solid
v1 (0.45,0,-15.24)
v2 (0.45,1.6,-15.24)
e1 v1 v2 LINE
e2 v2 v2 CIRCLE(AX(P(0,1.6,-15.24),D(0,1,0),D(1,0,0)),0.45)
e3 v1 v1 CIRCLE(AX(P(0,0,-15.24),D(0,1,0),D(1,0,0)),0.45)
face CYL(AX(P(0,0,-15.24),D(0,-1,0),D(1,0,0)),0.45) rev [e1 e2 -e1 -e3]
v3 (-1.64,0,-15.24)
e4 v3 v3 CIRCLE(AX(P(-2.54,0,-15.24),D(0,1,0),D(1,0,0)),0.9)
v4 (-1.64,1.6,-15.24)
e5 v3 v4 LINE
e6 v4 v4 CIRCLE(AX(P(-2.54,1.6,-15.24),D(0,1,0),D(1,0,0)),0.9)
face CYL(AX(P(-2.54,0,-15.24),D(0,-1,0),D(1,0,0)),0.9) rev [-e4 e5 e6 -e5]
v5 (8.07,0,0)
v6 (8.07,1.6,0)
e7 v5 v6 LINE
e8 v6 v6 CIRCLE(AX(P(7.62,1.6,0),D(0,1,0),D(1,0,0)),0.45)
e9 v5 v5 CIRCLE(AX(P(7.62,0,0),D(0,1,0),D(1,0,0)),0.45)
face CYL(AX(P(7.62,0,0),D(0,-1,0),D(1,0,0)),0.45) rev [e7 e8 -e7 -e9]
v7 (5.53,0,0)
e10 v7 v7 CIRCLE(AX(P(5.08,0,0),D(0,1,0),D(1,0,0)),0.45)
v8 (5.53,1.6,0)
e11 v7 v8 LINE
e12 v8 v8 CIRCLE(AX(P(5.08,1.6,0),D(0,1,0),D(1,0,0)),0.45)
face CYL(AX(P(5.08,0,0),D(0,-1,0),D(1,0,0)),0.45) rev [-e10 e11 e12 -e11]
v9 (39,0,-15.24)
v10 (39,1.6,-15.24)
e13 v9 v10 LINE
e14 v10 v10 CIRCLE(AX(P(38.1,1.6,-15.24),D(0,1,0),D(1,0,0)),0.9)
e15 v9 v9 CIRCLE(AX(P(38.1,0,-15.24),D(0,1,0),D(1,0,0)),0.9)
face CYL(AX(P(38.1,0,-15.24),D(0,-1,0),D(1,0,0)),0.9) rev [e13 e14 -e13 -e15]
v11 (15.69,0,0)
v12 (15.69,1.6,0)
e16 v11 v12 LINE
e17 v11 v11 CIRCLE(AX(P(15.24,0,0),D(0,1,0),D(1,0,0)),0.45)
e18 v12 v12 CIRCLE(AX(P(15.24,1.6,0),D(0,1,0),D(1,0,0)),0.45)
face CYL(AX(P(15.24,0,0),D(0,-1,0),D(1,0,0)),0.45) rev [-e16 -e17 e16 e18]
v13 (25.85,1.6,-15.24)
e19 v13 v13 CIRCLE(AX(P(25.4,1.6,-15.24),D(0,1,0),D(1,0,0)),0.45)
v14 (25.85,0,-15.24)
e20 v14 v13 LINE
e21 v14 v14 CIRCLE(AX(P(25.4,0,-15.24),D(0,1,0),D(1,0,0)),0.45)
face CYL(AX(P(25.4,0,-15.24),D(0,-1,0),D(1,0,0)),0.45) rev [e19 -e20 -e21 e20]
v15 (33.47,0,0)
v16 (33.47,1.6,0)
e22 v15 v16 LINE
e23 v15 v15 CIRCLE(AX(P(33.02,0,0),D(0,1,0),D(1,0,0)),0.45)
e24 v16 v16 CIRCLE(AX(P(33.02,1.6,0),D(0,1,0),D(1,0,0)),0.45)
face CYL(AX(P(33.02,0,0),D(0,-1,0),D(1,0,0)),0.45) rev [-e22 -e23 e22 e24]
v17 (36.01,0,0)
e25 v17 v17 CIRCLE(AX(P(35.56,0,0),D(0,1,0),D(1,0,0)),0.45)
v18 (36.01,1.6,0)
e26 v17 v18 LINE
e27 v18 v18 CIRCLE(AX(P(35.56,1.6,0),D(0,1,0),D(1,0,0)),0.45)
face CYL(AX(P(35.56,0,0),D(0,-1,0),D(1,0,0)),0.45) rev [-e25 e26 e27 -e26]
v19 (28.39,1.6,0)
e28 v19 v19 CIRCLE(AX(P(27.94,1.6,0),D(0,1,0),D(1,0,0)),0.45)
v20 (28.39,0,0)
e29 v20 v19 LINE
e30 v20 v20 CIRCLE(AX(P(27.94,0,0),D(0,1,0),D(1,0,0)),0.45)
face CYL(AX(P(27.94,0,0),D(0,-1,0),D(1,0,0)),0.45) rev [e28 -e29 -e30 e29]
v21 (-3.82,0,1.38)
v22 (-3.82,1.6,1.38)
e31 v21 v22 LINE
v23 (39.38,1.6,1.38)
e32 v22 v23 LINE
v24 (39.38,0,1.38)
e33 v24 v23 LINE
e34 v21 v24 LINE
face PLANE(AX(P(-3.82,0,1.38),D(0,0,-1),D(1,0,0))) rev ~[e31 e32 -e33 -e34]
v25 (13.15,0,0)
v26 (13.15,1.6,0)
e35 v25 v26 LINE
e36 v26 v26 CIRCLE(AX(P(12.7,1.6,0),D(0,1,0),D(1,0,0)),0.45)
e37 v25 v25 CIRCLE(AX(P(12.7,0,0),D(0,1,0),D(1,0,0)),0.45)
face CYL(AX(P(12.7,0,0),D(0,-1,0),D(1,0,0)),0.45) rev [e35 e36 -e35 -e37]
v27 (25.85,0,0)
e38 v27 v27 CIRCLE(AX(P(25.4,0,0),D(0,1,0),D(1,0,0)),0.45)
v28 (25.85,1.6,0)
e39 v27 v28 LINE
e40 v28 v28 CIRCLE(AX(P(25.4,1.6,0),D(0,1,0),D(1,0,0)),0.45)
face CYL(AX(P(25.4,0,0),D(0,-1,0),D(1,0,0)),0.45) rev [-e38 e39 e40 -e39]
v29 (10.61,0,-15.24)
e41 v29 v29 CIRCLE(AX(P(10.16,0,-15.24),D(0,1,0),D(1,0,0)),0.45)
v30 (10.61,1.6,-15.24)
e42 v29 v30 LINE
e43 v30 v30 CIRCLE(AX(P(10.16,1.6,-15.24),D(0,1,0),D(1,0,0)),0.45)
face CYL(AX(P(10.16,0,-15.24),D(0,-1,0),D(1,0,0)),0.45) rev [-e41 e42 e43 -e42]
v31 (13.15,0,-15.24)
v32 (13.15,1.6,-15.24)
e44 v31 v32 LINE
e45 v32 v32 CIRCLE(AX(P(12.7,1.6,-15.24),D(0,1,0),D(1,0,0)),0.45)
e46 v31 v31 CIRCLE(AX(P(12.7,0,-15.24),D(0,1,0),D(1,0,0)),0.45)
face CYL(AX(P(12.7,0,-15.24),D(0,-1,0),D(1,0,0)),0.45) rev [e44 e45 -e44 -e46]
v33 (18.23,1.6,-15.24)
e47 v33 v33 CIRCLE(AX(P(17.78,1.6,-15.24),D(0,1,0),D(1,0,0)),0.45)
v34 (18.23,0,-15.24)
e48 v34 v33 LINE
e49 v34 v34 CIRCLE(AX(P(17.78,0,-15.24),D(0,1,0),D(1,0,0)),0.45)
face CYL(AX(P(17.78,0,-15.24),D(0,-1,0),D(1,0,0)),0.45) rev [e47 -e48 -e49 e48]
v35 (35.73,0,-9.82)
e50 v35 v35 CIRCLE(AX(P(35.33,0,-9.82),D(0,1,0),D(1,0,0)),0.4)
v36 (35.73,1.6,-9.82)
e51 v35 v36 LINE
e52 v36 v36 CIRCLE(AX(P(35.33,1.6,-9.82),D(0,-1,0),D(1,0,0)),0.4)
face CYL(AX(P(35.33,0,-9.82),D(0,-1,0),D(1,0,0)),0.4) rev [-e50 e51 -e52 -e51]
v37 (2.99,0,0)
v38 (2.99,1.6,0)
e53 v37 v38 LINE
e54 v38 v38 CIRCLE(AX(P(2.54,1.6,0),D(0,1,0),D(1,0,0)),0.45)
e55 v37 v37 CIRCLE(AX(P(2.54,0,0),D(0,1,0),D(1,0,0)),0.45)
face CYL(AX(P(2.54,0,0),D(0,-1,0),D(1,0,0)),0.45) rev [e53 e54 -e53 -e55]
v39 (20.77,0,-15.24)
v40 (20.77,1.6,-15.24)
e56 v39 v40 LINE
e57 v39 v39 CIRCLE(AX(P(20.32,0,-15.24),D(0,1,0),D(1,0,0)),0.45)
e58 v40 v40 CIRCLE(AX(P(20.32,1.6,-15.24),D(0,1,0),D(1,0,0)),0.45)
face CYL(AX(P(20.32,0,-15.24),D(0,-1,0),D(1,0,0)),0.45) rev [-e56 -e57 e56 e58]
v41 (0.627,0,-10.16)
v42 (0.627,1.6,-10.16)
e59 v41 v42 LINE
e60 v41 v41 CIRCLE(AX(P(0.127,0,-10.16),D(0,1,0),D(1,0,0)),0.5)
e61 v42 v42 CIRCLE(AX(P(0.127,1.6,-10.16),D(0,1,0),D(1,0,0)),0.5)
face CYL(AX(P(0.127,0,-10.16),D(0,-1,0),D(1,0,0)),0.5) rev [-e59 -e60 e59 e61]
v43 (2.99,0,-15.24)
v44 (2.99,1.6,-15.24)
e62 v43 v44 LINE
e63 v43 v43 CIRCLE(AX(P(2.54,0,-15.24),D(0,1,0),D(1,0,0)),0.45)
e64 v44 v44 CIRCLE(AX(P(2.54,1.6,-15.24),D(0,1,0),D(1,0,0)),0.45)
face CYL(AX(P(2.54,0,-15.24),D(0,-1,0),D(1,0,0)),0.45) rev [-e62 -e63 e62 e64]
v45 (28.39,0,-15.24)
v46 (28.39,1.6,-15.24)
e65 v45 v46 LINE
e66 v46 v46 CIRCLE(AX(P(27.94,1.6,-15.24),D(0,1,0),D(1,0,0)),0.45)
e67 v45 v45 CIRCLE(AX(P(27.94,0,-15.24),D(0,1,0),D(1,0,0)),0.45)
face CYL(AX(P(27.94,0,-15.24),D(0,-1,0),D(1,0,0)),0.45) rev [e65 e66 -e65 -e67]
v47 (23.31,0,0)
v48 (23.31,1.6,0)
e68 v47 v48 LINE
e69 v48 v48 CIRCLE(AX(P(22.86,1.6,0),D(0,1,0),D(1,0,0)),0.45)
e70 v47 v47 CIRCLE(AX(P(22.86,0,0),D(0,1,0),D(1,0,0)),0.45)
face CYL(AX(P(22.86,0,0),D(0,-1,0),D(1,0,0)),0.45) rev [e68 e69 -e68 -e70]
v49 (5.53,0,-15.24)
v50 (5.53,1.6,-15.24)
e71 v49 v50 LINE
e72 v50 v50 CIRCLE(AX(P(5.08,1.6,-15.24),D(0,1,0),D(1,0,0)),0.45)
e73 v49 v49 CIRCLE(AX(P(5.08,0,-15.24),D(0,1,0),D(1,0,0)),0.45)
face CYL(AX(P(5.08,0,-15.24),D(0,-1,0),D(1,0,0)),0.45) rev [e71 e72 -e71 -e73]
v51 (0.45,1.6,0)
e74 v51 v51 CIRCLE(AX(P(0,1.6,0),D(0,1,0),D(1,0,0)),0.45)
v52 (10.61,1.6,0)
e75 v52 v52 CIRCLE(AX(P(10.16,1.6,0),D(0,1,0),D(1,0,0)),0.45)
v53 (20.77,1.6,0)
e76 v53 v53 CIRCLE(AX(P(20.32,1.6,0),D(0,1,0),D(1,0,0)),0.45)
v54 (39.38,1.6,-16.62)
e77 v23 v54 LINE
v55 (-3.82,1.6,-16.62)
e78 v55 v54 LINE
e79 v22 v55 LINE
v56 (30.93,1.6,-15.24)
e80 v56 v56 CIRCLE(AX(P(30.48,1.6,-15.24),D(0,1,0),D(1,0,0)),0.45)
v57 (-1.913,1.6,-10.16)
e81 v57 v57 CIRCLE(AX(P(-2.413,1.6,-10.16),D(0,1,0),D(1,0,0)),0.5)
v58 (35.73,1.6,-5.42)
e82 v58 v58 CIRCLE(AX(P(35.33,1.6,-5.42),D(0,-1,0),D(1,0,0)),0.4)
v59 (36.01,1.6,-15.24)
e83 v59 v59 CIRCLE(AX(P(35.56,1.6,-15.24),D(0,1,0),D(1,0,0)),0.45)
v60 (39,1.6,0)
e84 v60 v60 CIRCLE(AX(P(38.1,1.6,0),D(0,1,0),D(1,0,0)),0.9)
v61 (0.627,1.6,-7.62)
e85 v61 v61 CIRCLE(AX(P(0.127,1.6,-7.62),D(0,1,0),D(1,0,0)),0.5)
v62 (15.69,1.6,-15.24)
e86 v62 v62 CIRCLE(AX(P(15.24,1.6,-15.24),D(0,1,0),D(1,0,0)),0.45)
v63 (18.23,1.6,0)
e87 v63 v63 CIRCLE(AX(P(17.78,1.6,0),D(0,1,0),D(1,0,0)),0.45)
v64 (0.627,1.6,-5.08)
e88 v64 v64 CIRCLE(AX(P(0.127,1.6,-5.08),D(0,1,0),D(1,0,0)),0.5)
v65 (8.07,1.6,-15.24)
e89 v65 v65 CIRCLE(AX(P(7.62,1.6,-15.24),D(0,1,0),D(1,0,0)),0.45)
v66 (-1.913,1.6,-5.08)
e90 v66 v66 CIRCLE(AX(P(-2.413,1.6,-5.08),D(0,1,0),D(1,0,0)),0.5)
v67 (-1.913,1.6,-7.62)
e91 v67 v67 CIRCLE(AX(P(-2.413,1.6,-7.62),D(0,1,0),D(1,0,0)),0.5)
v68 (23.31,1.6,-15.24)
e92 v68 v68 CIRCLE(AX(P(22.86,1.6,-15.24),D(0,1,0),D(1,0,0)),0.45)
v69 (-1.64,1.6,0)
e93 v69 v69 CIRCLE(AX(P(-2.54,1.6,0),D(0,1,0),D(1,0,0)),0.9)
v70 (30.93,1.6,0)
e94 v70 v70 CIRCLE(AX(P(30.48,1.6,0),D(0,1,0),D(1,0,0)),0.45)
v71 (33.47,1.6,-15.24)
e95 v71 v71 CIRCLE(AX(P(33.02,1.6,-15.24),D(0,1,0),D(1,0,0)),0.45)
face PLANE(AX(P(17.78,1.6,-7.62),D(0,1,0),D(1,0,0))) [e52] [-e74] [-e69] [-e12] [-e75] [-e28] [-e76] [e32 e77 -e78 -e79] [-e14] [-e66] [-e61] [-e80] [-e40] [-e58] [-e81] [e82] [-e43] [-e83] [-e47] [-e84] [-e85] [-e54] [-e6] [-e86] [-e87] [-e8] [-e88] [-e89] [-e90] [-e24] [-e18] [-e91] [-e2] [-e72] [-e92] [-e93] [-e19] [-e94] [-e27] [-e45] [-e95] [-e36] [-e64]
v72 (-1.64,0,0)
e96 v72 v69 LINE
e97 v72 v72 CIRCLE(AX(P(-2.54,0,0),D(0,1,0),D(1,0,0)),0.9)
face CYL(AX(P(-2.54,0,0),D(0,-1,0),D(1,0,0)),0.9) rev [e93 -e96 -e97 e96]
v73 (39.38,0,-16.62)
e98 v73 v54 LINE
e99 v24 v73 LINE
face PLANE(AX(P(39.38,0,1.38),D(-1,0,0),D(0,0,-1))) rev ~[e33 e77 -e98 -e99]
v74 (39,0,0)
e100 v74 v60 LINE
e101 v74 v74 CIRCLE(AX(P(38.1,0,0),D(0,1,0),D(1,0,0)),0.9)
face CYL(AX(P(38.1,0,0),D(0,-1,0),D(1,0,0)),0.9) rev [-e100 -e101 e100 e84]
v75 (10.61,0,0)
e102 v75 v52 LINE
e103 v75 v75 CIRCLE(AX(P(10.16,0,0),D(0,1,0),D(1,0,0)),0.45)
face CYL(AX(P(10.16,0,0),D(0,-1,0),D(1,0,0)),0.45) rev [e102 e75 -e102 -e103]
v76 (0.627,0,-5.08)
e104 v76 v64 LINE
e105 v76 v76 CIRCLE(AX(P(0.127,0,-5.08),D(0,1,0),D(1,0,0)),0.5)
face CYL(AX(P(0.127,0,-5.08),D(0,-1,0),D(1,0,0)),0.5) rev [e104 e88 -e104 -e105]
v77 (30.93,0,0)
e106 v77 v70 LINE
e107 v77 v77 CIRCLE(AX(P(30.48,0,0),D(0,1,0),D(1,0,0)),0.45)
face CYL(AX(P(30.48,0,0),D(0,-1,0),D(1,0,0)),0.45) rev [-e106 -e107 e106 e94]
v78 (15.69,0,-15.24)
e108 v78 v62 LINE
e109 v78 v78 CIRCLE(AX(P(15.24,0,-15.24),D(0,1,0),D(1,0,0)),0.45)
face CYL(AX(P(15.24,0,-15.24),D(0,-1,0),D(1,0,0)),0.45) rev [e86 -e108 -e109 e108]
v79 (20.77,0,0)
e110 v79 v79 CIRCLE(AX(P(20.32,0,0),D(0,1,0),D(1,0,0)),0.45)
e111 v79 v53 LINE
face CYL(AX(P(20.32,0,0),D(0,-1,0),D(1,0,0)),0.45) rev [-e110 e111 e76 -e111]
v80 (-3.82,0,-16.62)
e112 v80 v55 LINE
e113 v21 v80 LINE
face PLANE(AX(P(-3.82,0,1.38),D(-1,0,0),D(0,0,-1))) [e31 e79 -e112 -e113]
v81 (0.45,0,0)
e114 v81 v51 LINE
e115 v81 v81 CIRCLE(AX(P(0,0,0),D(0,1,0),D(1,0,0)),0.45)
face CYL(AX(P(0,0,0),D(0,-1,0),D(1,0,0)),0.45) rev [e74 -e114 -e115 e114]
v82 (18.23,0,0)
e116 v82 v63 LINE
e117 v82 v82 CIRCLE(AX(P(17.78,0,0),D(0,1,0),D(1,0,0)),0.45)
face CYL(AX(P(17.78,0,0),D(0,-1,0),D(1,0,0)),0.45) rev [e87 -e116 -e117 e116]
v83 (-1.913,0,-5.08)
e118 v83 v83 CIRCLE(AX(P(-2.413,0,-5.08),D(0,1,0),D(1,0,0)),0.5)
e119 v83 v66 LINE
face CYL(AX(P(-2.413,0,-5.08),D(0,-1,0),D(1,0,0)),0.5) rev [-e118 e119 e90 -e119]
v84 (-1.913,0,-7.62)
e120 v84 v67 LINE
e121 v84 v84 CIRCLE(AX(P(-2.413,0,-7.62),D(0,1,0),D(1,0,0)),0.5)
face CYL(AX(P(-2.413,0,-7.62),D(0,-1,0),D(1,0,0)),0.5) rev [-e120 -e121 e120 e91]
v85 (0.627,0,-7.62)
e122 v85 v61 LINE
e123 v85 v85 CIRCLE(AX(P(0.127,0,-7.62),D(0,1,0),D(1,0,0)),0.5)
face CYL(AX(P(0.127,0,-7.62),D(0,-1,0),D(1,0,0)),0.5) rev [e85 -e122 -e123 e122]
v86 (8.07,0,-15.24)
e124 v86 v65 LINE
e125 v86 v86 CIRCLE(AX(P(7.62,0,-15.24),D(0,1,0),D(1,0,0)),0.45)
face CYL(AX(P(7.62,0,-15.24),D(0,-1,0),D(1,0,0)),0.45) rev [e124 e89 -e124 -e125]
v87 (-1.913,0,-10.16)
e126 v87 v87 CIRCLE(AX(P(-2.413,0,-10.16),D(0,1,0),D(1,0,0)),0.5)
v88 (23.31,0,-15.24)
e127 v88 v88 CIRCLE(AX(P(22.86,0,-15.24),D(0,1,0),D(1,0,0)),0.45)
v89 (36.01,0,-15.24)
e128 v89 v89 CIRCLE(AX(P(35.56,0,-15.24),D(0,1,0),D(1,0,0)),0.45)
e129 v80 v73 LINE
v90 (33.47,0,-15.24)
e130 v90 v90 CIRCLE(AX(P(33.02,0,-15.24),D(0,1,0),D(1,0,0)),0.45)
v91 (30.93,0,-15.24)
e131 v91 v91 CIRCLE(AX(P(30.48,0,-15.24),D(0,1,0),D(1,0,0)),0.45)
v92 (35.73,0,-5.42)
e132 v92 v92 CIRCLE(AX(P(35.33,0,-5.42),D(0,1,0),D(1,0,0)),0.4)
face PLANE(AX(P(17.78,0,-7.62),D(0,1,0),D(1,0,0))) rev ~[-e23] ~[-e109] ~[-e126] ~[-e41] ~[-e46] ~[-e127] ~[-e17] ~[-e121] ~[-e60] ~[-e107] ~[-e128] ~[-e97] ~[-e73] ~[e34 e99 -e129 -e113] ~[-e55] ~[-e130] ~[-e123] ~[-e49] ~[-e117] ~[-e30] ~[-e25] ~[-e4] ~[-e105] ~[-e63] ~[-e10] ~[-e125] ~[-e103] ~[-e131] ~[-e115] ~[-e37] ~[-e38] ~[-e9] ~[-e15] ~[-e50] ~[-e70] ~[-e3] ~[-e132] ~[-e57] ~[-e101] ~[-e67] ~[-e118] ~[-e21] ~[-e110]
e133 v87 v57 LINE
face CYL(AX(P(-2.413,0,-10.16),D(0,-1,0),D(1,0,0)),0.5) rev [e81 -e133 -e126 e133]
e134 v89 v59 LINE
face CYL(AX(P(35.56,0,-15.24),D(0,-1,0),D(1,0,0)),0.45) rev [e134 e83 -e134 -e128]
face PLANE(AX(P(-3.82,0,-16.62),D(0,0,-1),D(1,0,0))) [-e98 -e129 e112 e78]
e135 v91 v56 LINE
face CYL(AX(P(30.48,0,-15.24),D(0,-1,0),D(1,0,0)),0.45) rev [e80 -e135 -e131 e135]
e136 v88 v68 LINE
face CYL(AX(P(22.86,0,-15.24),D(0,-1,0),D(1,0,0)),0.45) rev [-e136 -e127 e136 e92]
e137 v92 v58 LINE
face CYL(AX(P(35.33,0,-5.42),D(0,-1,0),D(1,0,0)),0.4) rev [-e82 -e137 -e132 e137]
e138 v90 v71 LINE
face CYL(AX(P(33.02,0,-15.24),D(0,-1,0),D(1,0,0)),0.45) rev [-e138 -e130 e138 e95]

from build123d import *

# Parameters (mm, degrees)
SKETCH1_W           = 43.2
SKETCH1_H           = 18
BOSS_EXTRUDE2_DEPTH = 1.6
SKETCH2_R           = 0.45
CUT_EXTRUDE2_DEPTH  = 1.6
LPATTERN1_COUNT     = 15
LPATTERN1_PITCH     = 2.54
SKETCH3_R           = 0.5
CUT_EXTRUDE4_DEPTH  = 1.6
SKETCH4_R           = 0.9
CUT_EXTRUDE5_DEPTH  = 1.6
SKETCH9_R           = 0.4
CUT_EXTRUDE6_DEPTH  = 10


with BuildPart() as part:
    # Sketch1 → Boss-Extrude2 (new body)
    with BuildSketch(Plane(origin=(0, 0, 0), x_dir=(1, 0, 0), z_dir=(0, 1, 0))):
        with Locations((17.78, 7.62)):
            Rectangle(SKETCH1_W, SKETCH1_H)
    extrude(amount=BOSS_EXTRUDE2_DEPTH)

    # Sketch2 → Cut-Extrude2 (cut)
    with BuildSketch(Plane(origin=(0, 0, 0), x_dir=(1, 0, 0), z_dir=(0, 1, 0))):
        Circle(SKETCH2_R)
        with Locations((0, 15.24)):
            Circle(SKETCH2_R)
    cut_extrude2 = extrude(amount=CUT_EXTRUDE2_DEPTH, mode=Mode.SUBTRACT)

    # LPattern1: Cut-Extrude2 ×15
    with Locations(*[(i * LPATTERN1_PITCH, 0, 0) for i in range(1, LPATTERN1_COUNT)]):
        add(cut_extrude2, mode=Mode.SUBTRACT)

    # Sketch3 → Cut-Extrude4 (cut)
    with BuildSketch(Plane(origin=(0, 0, 0), x_dir=(1, 0, 0), z_dir=(0, 1, 0))):
        with Locations((0.127, 10.16)):
            Circle(SKETCH3_R)
        with Locations((-2.413, 10.16)):
            Circle(SKETCH3_R)
        with Locations((-2.413, 7.62)):
            Circle(SKETCH3_R)
        with Locations((-2.413, 5.08)):
            Circle(SKETCH3_R)
        with Locations((0.127, 5.08)):
            Circle(SKETCH3_R)
        with Locations((0.127, 7.62)):
            Circle(SKETCH3_R)
    extrude(amount=CUT_EXTRUDE4_DEPTH, mode=Mode.SUBTRACT)

    # Sketch4 → Cut-Extrude5 (cut)
    with BuildSketch(Plane(origin=(0, 0, 0), x_dir=(1, 0, 0), z_dir=(0, 1, 0))):
        with Locations((38.1, 15.24)):
            Circle(SKETCH4_R)
        with Locations((38.1, 0)):
            Circle(SKETCH4_R)
        with Locations((-2.54, 0)):
            Circle(SKETCH4_R)
        with Locations((-2.54, 15.24)):
            Circle(SKETCH4_R)
    extrude(amount=CUT_EXTRUDE5_DEPTH, mode=Mode.SUBTRACT)

    # Sketch9 → Cut-Extrude6 (cut)
    with BuildSketch(Plane(origin=(0, 0, 0), x_dir=(1, 0, 0), z_dir=(0, 1, 0))):
        with Locations((35.33, 5.42)):
            Circle(SKETCH9_R)
        with Locations((35.33, 9.82)):
            Circle(SKETCH9_R)
    extrude(amount=CUT_EXTRUDE6_DEPTH, mode=Mode.SUBTRACT)


solid = part.part
